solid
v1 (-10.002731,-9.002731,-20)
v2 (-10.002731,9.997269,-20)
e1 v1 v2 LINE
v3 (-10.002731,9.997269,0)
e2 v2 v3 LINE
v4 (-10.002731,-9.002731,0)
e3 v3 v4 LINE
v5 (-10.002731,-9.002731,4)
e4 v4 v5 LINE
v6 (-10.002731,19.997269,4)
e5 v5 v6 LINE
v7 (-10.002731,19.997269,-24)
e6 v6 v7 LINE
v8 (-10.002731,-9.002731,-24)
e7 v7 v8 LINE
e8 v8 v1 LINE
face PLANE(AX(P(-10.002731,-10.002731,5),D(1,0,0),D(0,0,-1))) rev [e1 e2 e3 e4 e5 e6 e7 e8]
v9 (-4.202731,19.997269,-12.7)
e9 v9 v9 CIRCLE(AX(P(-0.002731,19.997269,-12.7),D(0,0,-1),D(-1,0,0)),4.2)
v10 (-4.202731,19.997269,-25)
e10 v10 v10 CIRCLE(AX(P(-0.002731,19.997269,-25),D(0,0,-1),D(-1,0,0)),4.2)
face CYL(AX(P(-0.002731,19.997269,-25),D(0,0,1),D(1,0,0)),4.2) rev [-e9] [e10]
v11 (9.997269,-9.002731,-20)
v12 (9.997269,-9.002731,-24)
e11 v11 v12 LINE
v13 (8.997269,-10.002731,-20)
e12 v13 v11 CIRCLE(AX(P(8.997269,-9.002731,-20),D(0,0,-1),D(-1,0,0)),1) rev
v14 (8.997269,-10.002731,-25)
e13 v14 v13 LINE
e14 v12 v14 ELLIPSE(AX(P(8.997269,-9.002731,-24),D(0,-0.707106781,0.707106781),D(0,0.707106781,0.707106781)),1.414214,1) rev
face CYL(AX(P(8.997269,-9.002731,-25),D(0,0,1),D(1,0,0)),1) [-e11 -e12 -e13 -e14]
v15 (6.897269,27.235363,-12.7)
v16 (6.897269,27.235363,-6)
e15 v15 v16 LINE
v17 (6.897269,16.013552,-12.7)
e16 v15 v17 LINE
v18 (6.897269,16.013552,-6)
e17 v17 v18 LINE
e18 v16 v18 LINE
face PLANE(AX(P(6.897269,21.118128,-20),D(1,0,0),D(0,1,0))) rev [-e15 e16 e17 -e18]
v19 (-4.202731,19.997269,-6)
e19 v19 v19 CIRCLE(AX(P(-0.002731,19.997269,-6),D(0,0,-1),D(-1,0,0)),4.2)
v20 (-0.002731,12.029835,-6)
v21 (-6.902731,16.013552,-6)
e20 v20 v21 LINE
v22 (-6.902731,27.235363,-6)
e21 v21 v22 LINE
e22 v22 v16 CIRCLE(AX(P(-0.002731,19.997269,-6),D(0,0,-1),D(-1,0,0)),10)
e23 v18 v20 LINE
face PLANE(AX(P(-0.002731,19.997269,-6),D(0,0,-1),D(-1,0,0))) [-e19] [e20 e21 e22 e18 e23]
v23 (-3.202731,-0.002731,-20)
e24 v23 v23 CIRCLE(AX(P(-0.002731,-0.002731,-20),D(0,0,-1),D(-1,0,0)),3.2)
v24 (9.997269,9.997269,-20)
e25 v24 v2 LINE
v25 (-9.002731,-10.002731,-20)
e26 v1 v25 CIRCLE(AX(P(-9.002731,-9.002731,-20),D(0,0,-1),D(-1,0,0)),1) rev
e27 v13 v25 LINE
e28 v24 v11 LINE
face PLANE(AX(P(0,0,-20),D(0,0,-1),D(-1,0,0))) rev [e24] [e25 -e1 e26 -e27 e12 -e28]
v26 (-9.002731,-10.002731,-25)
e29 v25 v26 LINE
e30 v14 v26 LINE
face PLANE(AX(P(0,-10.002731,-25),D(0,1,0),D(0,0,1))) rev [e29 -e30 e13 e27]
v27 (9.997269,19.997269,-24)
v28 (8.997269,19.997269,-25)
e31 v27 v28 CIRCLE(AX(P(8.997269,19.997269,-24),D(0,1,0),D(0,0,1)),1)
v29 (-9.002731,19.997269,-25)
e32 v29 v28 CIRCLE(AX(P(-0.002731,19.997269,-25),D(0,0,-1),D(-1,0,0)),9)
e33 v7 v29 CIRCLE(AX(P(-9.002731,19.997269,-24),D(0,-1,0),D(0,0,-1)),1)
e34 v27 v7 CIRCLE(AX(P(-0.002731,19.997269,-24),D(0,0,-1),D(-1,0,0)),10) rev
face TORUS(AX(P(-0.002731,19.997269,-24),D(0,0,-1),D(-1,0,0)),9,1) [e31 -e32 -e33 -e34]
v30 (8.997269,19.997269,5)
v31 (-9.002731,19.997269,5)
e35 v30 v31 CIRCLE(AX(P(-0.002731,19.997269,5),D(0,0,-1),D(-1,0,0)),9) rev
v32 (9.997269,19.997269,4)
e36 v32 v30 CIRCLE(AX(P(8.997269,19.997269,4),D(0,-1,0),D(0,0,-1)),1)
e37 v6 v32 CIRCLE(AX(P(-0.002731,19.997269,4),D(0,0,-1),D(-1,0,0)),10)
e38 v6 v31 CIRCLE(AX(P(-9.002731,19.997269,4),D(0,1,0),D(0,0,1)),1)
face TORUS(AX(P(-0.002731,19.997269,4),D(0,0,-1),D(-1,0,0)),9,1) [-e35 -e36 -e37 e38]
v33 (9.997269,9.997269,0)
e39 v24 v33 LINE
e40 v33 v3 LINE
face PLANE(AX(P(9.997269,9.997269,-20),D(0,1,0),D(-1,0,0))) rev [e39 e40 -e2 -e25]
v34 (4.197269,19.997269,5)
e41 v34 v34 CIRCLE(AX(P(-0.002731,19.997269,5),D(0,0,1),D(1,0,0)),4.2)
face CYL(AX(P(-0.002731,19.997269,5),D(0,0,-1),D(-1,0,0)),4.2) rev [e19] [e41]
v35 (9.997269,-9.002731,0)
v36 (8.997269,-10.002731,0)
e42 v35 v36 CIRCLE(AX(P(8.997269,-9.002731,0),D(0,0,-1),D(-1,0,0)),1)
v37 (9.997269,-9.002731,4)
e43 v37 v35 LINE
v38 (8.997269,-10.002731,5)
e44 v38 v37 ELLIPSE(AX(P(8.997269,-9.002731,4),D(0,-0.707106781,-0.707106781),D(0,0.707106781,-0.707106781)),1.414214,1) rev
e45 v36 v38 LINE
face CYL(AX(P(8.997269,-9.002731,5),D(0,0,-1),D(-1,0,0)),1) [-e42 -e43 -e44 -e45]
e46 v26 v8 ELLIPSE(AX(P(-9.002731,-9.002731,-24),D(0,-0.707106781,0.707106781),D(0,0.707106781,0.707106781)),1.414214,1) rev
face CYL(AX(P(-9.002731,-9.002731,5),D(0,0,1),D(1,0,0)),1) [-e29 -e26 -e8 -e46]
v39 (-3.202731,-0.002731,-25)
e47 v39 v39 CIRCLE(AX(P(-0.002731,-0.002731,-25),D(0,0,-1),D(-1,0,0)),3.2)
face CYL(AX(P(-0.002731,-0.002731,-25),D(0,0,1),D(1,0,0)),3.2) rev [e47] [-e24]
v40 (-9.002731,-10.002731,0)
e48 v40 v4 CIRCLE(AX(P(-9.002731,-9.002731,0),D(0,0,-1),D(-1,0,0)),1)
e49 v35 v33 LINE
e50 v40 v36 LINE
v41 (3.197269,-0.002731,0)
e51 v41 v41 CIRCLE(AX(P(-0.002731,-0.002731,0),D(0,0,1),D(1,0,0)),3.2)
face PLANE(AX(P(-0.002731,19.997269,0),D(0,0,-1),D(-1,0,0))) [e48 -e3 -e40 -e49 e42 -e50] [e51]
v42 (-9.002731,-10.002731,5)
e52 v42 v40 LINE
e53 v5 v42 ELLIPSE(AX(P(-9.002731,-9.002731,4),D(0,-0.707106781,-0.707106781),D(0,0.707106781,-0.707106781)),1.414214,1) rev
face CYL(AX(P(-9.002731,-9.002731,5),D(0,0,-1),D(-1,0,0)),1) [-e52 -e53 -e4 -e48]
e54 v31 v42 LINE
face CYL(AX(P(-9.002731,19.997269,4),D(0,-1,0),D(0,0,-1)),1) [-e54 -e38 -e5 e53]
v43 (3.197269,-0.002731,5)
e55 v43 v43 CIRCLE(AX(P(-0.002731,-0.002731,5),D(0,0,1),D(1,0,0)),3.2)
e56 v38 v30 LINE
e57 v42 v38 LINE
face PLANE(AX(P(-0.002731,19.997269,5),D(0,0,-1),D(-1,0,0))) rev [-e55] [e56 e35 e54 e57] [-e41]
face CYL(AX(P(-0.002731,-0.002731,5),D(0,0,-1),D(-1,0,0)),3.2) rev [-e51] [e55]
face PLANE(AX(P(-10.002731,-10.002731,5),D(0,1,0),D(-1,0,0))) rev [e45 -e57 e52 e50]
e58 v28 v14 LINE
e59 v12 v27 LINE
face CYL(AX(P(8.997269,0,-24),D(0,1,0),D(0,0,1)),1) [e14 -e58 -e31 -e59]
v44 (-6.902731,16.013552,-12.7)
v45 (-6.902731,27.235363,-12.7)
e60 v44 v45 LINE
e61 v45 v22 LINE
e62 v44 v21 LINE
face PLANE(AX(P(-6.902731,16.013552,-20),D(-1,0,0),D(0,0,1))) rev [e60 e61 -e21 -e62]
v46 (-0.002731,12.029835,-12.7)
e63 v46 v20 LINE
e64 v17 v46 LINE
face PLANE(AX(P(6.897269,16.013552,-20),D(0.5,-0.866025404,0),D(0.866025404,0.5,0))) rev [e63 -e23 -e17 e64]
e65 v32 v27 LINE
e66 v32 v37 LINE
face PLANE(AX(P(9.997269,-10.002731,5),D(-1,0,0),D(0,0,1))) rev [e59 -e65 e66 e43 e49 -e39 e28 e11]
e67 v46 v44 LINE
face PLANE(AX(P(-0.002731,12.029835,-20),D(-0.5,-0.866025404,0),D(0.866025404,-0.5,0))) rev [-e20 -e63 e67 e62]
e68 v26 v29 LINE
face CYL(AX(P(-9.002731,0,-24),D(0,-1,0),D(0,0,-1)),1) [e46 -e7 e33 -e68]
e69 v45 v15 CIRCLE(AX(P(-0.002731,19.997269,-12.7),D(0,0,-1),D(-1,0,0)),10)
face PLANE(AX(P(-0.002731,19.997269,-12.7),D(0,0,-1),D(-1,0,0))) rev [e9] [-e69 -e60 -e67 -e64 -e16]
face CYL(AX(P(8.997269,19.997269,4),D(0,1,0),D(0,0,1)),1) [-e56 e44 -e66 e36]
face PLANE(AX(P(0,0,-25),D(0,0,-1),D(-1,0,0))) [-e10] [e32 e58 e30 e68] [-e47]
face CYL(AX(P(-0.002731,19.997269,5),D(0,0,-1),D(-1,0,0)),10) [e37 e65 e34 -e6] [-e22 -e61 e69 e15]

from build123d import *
from build123d.topology import SkipClean

# Parameters (mm, degrees)
SKETCH2_R           = 4.200000000000002
SKETCH2_R_2         = 3.2
BOSS_EXTRUDE2_DEPTH = 5
BOSS_EXTRUDE3_START = 20
BOSS_EXTRUDE3_DEPTH = 20
BOSS_EXTRUDE4_START = 6
SKETCH4_R           = 4.200000000000002
BOSS_EXTRUDE4_DEPTH = 6
BOSS_EXTRUDE5_START = 5
SKETCH5_R           = 3.2000000000000006
SKETCH5_R_2         = 4.200000000000001
BOSS_EXTRUDE5_DEPTH = 5
SKETCH6_R           = 4.200000000000002
BOSS_EXTRUDE6_DEPTH = 7.3
FILLET1_R           = 1


with BuildPart() as part:
    # Sketch2 → Boss-Extrude2 (new body)
    with BuildSketch(Plane.XY):
        with BuildLine():
            Line((-10.002730808209856, -10.002730808209863), (9.997269191790144, -10.002730808209856))
            Line((9.997269191790144, -10.002730808209856), (9.997269191790144, 19.99726919179014))
            ThreePointArc((9.997269191790144, 19.99726919179014), (-0.00273080820985792, 29.99726919179014), (-10.002730808209856, 19.997269191790135))
            Line((-10.002730808209856, 19.997269191790135), (-10.002730808209856, -10.002730808209863))
        make_face()
        with Locations((-0.00273080820985608, 19.99726919179014)):
            Circle(SKETCH2_R, mode=Mode.SUBTRACT)
        with Locations((-0.00273080820986128, -0.00273080820986128)):
            Circle(SKETCH2_R_2, mode=Mode.SUBTRACT)
    extrude(amount=BOSS_EXTRUDE2_DEPTH)

    # Sketch3 → Boss-Extrude3 (add)
    with BuildSketch(Plane(origin=(0, 0, 0), x_dir=(-1, 0, 0), z_dir=(0, 0, -1)).offset(BOSS_EXTRUDE3_START)):
        with BuildLine():
            Line((6.9027308082098555, 19.298146779896605), (6.9027308082098555, 27.235362863469167))
            ThreePointArc((6.9027308082098555, 27.235362863469167), (9.195118963634973, 23.934273128796043), (10.002730808209856, 19.99726919179014))
            Line((10.002730808209856, 19.99726919179014), (10.002730808209868, 9.997269191790137))
            Line((10.002730808209868, 9.997269191790137), (-9.997269191790144, 9.997269191790139))
            Line((-9.997269191790144, 9.997269191790139), (-9.997269191790146, 19.99726919179014))
            ThreePointArc((-9.997269191790146, 19.99726919179014), (-9.189657347215263, 23.934273128796043), (-6.897269191790147, 27.235362863469163))
            Line((-6.897269191790147, 27.235362863469163), (-6.897269191790146, 21.118127792576228))
            Line((-6.897269191790146, 21.118127792576228), (-6.897269191790146, 16.01355233438172))
            Line((-6.897269191790146, 16.01355233438172), (0.00273080820985521, 12.029835476973302))
            Line((0.00273080820985521, 12.029835476973302), (6.9027308082098555, 16.013552334381725))
            Line((6.9027308082098555, 16.013552334381725), (6.9027308082098555, 19.298146779896605))
        make_face()
    extrude(amount=-BOSS_EXTRUDE3_DEPTH)

    # Sketch4 → Boss-Extrude4 (add)
    with SkipClean():  # the faces are left unmerged after this step: merging them gives an invalid solid
        with BuildSketch(Plane(origin=(0, 0, 0), x_dir=(-1, 0, 0), z_dir=(0, 0, -1)).offset(BOSS_EXTRUDE4_START)):
            with BuildLine():
                Line((6.9027308082098555, 16.013552334381725), (6.902730808209854, 27.235362863469167))
                ThreePointArc((6.902730808209854, 27.235362863469167), (0.00273080820985225, 29.99726919179014), (-6.897269191790148, 27.235362863469163))
                Line((-6.897269191790148, 27.235362863469163), (-6.897269191790146, 16.01355233438172))
                Line((-6.897269191790146, 16.01355233438172), (0.00273080820985521, 12.029835476973302))
                Line((0.00273080820985521, 12.029835476973302), (6.9027308082098555, 16.013552334381725))
            make_face()
            with Locations((0.00273080820985608, 19.99726919179014)):
                Circle(SKETCH4_R, mode=Mode.SUBTRACT)
        extrude(amount=-BOSS_EXTRUDE4_DEPTH)

    # Sketch5 → Boss-Extrude5 (add)
    # profile 1 of 3: a face of its own
    with SkipClean():  # the faces are left unmerged after this step: merging them gives an invalid solid
        with BuildSketch(Plane(origin=(0, 0, -20), x_dir=(-1, 0, 0), z_dir=(0, 0, -1)).offset(BOSS_EXTRUDE5_START)):
            with BuildLine():
                Line((6.9027308082098555, 16.013552334381725), (0.00273080820985521, 12.029835476973302))
                Line((0.00273080820985521, 12.029835476973302), (-6.897269191790146, 16.01355233438172))
                Line((-6.897269191790146, 16.01355233438172), (-6.897269191790149, 27.235362863469163))
                ThreePointArc((-6.897269191790149, 27.235362863469163), (-9.189657347215263, 23.934273128796043), (-9.997269191790146, 19.99726919179014))
                Line((-9.997269191790146, 19.99726919179014), (-9.997269191790144, 9.997269191790139))
                Line((-9.997269191790144, 9.997269191790139), (10.002730808209868, 9.997269191790137))
                Line((10.002730808209868, 9.997269191790137), (10.002730808209856, 19.99726919179014))
                ThreePointArc((10.002730808209856, 19.99726919179014), (9.195118963634973, 23.934273128796043), (6.9027308082098555, 27.235362863469167))
                Line((6.9027308082098555, 27.235362863469167), (6.9027308082098555, 16.013552334381725))
            make_face()
        # profile 2 of 3: a face of its own
        with BuildSketch(Plane(origin=(0, 0, -20), x_dir=(-1, 0, 0), z_dir=(0, 0, -1)).offset(BOSS_EXTRUDE5_START)):
            Polygon((10.00273080820987, 9.997269191790137), (-9.997269191790144, 9.997269191790139), (-9.997269191790142, -10.002730808209861), (10.002730808209861, -10.002730808209861), align=None)
            with Locations(Location((0.00273080820986128, -0.00273080820986128, 0), (0, 0, 180))):
                Circle(SKETCH5_R, mode=Mode.SUBTRACT)
        # profile 3 of 3: a face of its own
        with BuildSketch(Plane(origin=(0, 0, -20), x_dir=(-1, 0, 0), z_dir=(0, 0, -1)).offset(BOSS_EXTRUDE5_START)):
            with BuildLine():
                ThreePointArc((6.902730808209858, 27.235362863469167), (0.00273080820985499, 29.99726919179014), (-6.897269191790148, 27.235362863469163))
                Line((-6.897269191790149, 27.235362863469163), (-6.897269191790146, 16.01355233438172))
                Line((-6.897269191790146, 16.01355233438172), (0.00273080820985521, 12.029835476973302))
                Line((0.00273080820985516, 12.029835476973302), (6.9027308082098555, 16.013552334381725))
                Line((6.9027308082098555, 16.013552334381725), (6.9027308082098555, 27.235362863469167))
            make_face()
            with Locations((0.00273080820985608, 19.99726919179014)):
                Circle(SKETCH5_R_2, mode=Mode.SUBTRACT)
        extrude(amount=-BOSS_EXTRUDE5_DEPTH)

    # Sketch6 → Boss-Extrude6 (add)
    with SkipClean():  # the faces are left unmerged after this step: merging them gives an invalid solid
        with BuildSketch(Plane.XY.offset(-20)):
            with BuildLine():
                Line((-0.00273080820985521, 12.029835476973302), (6.897269191790146, 16.01355233438172))
                Line((6.897269191790146, 16.01355233438172), (6.897269191790149, 27.235362863469163))
                ThreePointArc((6.897269191790149, 27.235362863469163), (-0.00273080820985102, 29.99726919179014), (-6.9027308082098555, 27.23536286346917))
                Line((-6.9027308082098555, 27.23536286346917), (-6.9027308082098555, 16.013552334381725))
                Line((-6.9027308082098555, 16.013552334381725), (-0.00273080820985521, 12.029835476973302))
            make_face()
            with Locations(Location((-0.00273080820985608, 19.99726919179014, 0), (0, 0, 180))):
                Circle(SKETCH6_R, mode=Mode.SUBTRACT)
        extrude(amount=BOSS_EXTRUDE6_DEPTH)

    # Fillet1
    fillet1_edges = [part.edges().sort_by_distance(p)[0] for p in [
        (9.997269191790144, 4.99726919179014, 5),
        (-0.00273080820985721, 29.99726919179014, 5),
        (-10.002730808209856, 4.997269191790135, 5),
        (-10.002730808209861, -10.002730808209861, -22.5),
        (9.997269191790142, -10.002730808209861, -22.5),
        (-10.002730808209858, 4.997269191790139, -25),
        (-0.00273080820987453, 29.99726919179015, -25),
        (9.997269191790144, 4.997269191790139, -25),
        (9.997269191790144, -10.002730808209856, 2.5),
        (-10.002730808209856, -10.002730808209863, 2.5),
    ]]
    fillet(fillet1_edges, radius=FILLET1_R)


solid = part.part
